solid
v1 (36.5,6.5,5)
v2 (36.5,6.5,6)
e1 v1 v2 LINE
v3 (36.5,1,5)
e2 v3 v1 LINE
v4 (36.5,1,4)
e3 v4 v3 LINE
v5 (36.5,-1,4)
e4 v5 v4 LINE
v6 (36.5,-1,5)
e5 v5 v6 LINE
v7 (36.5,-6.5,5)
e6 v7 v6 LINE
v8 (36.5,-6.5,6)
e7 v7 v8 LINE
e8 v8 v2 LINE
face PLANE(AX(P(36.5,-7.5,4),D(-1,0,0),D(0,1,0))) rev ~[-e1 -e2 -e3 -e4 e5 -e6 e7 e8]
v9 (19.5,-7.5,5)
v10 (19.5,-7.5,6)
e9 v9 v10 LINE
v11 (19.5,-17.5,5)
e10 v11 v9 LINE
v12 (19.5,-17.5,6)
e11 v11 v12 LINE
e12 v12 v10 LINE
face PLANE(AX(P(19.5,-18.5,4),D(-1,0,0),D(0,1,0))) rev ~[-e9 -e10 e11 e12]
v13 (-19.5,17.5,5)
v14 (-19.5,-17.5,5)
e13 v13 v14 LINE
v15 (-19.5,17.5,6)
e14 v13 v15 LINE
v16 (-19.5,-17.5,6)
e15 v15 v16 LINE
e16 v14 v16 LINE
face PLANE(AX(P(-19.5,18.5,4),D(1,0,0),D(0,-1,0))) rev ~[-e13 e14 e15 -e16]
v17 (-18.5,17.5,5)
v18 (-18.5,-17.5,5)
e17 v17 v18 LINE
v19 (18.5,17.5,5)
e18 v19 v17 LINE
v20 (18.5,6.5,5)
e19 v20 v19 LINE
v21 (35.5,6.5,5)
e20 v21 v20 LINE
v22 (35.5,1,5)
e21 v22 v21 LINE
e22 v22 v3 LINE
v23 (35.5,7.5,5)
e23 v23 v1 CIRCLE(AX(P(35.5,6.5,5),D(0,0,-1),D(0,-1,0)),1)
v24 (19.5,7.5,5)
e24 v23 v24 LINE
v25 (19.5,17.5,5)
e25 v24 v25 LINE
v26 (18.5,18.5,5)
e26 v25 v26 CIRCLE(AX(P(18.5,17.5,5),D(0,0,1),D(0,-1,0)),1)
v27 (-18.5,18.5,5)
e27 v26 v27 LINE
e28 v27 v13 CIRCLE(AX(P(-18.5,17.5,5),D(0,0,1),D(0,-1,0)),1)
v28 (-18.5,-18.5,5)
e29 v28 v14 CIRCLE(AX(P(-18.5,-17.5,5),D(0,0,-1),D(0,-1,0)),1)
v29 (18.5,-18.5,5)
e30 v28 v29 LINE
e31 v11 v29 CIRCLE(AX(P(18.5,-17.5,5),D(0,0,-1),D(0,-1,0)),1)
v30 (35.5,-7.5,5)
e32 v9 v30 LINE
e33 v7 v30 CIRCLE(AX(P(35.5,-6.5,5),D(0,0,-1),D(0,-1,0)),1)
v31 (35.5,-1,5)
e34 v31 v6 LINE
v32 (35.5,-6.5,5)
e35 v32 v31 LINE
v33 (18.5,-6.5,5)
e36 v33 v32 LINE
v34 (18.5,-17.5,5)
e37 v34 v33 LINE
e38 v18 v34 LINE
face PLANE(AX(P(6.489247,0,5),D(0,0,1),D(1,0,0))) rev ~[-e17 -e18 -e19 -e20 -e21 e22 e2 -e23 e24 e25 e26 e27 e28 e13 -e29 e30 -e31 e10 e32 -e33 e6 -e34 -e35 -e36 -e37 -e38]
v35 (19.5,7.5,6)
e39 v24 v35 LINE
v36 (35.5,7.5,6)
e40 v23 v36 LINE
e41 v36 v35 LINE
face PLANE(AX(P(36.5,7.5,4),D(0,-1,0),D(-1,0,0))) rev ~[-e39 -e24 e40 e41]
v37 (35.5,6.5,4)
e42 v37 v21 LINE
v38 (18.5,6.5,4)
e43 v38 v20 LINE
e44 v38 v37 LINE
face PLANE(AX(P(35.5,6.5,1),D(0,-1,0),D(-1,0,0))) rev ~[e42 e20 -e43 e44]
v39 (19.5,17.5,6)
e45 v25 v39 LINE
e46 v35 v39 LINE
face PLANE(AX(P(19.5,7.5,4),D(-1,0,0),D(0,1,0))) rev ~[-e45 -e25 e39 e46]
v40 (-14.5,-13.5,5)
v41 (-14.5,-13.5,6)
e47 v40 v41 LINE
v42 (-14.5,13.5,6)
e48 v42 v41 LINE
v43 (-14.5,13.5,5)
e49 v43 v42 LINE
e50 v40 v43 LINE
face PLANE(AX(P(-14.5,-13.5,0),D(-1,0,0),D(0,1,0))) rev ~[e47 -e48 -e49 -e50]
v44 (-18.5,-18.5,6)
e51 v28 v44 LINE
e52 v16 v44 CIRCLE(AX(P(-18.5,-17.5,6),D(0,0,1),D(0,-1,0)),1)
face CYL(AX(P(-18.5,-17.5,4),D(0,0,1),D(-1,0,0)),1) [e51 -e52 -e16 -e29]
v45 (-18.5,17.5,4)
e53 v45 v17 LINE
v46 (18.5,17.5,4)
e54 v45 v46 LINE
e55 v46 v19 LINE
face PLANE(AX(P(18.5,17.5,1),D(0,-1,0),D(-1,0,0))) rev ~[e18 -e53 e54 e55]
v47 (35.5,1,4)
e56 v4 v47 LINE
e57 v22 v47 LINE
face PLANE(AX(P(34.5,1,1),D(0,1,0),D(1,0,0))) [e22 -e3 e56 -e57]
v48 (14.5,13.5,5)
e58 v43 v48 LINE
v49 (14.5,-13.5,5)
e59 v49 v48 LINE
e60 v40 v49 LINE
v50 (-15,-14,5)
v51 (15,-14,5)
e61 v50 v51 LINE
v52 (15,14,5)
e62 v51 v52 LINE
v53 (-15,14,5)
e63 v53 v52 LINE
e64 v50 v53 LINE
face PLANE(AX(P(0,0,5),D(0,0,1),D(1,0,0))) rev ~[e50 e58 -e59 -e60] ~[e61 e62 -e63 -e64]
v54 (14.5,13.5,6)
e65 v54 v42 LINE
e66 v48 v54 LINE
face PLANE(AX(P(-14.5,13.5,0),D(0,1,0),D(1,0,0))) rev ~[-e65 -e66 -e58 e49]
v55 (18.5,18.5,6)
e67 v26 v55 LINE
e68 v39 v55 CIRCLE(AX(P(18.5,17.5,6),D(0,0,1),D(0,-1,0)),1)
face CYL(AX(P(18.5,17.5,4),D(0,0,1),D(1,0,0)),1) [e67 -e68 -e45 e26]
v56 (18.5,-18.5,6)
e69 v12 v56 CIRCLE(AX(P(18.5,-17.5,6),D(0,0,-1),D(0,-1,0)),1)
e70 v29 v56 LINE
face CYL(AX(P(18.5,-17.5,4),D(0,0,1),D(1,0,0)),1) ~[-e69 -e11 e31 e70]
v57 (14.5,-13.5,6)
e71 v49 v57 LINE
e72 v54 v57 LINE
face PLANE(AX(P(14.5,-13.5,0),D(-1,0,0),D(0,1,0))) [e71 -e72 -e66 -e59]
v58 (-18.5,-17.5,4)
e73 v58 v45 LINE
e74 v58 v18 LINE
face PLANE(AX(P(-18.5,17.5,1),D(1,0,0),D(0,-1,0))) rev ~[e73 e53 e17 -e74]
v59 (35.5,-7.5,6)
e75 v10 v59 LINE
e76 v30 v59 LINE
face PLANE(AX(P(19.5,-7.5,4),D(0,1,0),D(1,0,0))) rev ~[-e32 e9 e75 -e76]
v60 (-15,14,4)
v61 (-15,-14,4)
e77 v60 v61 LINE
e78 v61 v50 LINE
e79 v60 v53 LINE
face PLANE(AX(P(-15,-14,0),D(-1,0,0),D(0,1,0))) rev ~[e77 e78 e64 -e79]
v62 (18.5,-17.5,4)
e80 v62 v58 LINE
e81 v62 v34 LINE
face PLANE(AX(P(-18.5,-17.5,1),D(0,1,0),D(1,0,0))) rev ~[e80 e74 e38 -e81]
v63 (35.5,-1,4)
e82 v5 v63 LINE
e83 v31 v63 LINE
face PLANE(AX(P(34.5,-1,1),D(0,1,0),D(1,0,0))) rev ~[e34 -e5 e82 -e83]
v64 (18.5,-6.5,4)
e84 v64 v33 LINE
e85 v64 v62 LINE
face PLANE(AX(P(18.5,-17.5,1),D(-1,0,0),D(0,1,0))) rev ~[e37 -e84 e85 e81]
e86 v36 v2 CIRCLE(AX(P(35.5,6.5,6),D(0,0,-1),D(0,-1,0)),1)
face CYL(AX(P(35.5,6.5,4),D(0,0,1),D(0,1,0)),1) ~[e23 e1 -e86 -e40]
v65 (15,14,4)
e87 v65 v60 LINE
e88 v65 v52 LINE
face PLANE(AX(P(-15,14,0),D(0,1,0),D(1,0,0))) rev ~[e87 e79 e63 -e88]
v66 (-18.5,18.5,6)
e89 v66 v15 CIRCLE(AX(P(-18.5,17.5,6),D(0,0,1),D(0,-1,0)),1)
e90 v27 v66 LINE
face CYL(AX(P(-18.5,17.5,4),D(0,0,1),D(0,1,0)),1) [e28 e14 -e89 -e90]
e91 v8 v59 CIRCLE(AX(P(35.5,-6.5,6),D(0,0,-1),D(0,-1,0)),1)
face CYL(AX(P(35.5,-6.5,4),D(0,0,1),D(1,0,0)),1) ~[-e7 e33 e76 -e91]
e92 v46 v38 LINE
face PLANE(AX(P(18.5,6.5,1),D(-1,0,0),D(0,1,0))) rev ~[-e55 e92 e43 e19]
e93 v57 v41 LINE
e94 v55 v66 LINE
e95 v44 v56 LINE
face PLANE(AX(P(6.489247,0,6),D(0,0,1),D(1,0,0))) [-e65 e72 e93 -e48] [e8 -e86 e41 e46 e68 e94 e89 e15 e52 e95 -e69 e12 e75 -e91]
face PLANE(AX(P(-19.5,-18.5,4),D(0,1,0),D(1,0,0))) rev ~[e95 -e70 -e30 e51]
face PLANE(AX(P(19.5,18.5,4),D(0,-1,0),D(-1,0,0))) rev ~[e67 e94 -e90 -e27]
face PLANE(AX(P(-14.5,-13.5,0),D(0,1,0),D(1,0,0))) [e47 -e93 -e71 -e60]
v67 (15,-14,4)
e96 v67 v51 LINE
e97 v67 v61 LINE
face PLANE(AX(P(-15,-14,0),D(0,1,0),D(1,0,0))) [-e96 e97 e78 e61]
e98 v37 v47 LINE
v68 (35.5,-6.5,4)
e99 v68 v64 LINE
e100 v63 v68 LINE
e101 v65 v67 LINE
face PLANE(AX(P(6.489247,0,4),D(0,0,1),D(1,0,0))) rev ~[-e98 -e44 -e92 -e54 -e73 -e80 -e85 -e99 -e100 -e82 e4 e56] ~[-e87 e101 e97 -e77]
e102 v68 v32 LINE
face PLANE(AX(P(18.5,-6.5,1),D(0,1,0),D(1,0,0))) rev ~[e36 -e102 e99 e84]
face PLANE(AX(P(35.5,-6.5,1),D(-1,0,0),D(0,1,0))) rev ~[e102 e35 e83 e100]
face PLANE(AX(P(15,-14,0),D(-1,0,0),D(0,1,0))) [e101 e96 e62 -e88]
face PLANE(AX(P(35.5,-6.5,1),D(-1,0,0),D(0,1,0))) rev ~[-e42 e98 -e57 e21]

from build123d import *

# Parameters (mm, degrees)
PAD_DEPTH            = 5
POCKET_DEPTH         = 4
SKETCH001_W          = 30
SKETCH001_H          = 28
PAD001_DEPTH         = 5
SKETCH003_W          = 29
SKETCH003_H          = 27
POCKET001_DEPTH      = 5
SKETCH004_W          = 2
SKETCH004_H          = 2
POCKET002_DEPTH      = 4
FILLET002_R          = 1
FILLET003_R          = 1
PAD002_DEPTH         = 2
SKETCH006_W          = 29
SKETCH006_H          = 27
POCKET003_DEPTH      = 0.001
POCKET003_DEPTH_BACK = -6.001
FILLET_R             = 1


with BuildPart() as body:
    # Sketch → Pad (new body)
    with BuildSketch(Plane.XY):
        Polygon((36.5, 7.5), (19.5, 7.5), (19.5, 18.5), (-19.5, 18.5), (-19.5, -18.5), (19.5, -18.5), (19.5, -7.5), (36.5, -7.5), align=None)
    extrude(amount=PAD_DEPTH)

    # Sketch002 → Pocket (cut)
    with BuildSketch(Plane.XY.offset(1)):
        Polygon((35.5, 6.5), (18.5, 6.5), (18.5, 17.5), (-18.5, 17.5), (-18.5, -17.5), (18.5, -17.5), (18.5, -6.5), (35.5, -6.5), align=None)
    extrude(amount=POCKET_DEPTH, mode=Mode.SUBTRACT)

    # Sketch001 → Pad001 (join)
    with BuildSketch(Plane.XY):
        Rectangle(SKETCH001_W, SKETCH001_H)
    extrude(amount=PAD001_DEPTH)

    # Sketch003 → Pocket001 (cut)
    with BuildSketch(Plane.XY):
        Rectangle(SKETCH003_W, SKETCH003_H)
    extrude(amount=POCKET001_DEPTH, mode=Mode.SUBTRACT)

    # Sketch004 → Pocket002 (cut)
    with BuildSketch(Plane.XY.offset(1)):
        with Locations((35.5, 0)):
            Rectangle(SKETCH004_W, SKETCH004_H)
    extrude(amount=POCKET002_DEPTH, mode=Mode.SUBTRACT)

    # Fillet002
    fillet002_edges = [body.edges().sort_by_distance(p)[0] for p in [
        (36.5, 7.5, 2.5),
        (19.5, 18.5, 2.5),
        (-19.5, 18.5, 2.5),
    ]]
    fillet(fillet002_edges, radius=FILLET002_R)

    # Fillet003
    fillet003_edges = [body.edges().sort_by_distance(p)[0] for p in [
        (36.5, -7.5, 2.5),
        (19.5, -18.5, 2.5),
        (-19.5, -18.5, 2.5),
    ]]
    fillet(fillet003_edges, radius=FILLET003_R)


with BuildPart() as cut:
    # Sketch005 → Pad002 (new body)
    with BuildSketch(Plane.XY.offset(4)):
        Polygon((36.5, 7.5), (19.5, 7.5), (19.5, 18.5), (-19.5, 18.5), (-19.5, -18.5), (19.5, -18.5), (19.5, -7.5), (36.5, -7.5), align=None)
    extrude(amount=PAD002_DEPTH)

    # Sketch006 → Pocket003 (cut, two sides)
    with BuildSketch(Plane.XY) as pocket003_sk:
        Rectangle(SKETCH006_W, SKETCH006_H)
    extrude(amount=-POCKET003_DEPTH, mode=Mode.SUBTRACT)
    extrude(pocket003_sk.sketch, amount=-POCKET003_DEPTH_BACK, mode=Mode.SUBTRACT)

    # Fillet
    fillet_edges = [cut.edges().sort_by_distance(p)[0] for p in [
        (36.5, -7.5, 5),
        (36.5, 7.5, 5),
        (19.5, 18.5, 5),
        (19.5, -18.5, 5),
        (-19.5, -18.5, 5),
        (-19.5, 18.5, 5),
    ]]
    fillet(fillet_edges, radius=FILLET_R)

    # Cut: cut Body
    add(body.part, mode=Mode.SUBTRACT)


solid = cut.part
